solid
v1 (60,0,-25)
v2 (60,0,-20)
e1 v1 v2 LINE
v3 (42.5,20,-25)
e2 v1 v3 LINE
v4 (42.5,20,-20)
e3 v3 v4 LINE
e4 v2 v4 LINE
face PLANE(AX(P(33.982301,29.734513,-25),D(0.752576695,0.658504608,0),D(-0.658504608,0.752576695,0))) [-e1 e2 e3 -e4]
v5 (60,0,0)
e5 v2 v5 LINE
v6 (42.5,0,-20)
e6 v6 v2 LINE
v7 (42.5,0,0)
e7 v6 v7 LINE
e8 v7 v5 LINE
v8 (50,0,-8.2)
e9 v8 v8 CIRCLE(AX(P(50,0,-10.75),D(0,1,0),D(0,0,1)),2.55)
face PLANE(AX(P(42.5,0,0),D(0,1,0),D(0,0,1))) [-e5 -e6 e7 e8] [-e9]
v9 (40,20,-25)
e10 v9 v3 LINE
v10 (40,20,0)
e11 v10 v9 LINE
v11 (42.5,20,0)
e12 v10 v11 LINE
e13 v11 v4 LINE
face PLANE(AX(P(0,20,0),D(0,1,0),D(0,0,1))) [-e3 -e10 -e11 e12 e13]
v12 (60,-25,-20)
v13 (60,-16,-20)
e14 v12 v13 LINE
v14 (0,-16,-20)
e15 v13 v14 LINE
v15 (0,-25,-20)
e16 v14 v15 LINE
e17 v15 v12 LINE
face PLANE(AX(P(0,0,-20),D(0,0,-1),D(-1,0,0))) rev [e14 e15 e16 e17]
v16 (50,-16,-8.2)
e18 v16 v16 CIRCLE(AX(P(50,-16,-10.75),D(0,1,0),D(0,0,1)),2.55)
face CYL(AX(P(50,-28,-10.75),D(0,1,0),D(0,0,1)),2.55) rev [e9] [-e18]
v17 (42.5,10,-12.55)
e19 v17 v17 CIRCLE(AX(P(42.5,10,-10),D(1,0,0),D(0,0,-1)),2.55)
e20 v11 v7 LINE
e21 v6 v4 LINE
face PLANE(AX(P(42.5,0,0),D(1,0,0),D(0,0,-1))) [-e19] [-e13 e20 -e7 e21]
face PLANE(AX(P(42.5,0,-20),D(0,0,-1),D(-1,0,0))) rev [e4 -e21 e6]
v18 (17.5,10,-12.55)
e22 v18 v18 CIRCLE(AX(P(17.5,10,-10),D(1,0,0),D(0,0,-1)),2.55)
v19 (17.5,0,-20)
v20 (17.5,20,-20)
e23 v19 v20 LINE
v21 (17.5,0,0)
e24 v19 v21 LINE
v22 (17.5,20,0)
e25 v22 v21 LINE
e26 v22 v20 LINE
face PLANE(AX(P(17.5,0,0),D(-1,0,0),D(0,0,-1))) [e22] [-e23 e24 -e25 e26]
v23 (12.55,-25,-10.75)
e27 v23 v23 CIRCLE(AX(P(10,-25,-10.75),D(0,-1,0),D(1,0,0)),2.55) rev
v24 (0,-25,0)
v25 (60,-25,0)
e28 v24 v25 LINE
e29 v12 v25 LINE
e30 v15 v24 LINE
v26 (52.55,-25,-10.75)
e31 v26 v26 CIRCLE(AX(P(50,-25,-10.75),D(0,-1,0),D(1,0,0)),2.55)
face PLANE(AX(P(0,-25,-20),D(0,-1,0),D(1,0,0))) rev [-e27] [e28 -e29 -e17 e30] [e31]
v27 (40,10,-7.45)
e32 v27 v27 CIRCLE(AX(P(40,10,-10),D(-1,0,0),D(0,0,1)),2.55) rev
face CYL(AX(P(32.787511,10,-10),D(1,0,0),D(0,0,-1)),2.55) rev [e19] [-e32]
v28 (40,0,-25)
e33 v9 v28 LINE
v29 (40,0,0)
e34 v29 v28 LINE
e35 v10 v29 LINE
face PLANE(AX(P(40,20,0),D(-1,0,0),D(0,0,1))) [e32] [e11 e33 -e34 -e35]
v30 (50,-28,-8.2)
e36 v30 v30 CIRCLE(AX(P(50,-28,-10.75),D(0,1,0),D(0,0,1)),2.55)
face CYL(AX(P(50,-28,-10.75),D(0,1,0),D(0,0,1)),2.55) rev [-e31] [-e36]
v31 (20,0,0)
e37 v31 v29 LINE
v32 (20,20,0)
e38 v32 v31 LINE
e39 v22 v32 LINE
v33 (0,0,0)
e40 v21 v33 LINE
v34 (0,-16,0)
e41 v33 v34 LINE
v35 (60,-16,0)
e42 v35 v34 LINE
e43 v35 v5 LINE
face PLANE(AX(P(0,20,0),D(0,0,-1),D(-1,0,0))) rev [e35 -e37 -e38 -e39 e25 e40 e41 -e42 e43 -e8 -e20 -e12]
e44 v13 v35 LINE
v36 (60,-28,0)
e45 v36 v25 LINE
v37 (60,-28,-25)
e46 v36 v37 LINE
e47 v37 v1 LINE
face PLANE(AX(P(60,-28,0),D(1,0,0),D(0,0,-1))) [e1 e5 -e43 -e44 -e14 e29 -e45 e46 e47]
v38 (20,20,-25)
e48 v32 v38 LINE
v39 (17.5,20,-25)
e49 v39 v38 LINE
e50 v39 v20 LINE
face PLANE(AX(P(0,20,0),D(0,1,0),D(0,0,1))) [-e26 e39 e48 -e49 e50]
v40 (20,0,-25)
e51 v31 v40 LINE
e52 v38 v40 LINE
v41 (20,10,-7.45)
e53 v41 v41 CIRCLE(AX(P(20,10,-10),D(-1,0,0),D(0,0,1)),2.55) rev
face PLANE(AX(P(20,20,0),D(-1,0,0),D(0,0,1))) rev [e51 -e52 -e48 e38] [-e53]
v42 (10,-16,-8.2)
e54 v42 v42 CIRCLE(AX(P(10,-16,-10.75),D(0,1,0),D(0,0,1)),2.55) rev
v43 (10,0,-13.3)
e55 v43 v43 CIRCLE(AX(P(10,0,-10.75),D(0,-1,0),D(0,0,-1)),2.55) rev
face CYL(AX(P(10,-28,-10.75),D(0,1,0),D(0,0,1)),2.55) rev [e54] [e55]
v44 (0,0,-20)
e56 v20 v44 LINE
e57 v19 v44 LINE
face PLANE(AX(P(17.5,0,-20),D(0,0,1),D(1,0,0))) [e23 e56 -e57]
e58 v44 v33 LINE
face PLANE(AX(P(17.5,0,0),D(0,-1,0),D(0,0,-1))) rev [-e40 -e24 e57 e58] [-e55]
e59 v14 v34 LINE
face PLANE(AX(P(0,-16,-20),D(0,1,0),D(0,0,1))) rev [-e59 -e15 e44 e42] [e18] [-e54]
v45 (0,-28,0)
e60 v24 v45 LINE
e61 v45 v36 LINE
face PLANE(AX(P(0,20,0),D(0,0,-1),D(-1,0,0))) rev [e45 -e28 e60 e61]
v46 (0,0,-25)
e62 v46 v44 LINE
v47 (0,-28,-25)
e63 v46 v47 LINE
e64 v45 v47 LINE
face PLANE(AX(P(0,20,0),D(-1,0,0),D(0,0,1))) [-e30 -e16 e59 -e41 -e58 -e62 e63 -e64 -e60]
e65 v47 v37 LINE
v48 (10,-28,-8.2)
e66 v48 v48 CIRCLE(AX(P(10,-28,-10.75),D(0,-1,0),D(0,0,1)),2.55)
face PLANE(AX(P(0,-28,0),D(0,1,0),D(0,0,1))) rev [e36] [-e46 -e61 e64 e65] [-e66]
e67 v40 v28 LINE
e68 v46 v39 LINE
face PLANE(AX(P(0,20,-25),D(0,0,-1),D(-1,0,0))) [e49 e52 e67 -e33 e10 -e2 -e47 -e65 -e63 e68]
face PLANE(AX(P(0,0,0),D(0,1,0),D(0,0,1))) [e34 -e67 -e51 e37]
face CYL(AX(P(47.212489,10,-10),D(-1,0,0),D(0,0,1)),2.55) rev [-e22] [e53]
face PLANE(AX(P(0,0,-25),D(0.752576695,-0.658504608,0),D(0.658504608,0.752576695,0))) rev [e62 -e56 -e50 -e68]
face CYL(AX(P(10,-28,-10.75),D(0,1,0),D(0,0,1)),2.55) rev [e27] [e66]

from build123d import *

# Parameters (mm, degrees)
SKETCH1_W             = 20
SKETCH1_H             = 25
BOSS_EXTRUDE1_DEPTH   = 20
BOSS_EXTRUDE1_2_DEPTH = 20
SKETCH1_3_W           = 20
SKETCH1_3_H           = 25
BOSS_EXTRUDE2_DEPTH   = 28
SKETCH2_W             = 60
SKETCH2_H             = 9
CUT_EXTRUDE1_DEPTH    = 20
CUT_EXTRUDE2_DEPTH    = 71.774289117
SKETCH4_W             = 15
SKETCH4_H             = 20
SKETCH4_W_2           = 5
CUT_EXTRUDE3_DEPTH    = 17.5
CUT_EXTRUDE5_DEPTH    = 22.5
SKETCH7_R             = 2.55
CUT_EXTRUDE6_DEPTH    = 71.774289117


with BuildPart() as part:
    # Sketch1 → Boss-Extrude1 (new body)
    with BuildSketch(Plane(origin=(0, 0, 0), x_dir=(1, 0, 0), z_dir=(0, 1, 0))):
        with Locations((10, 12.5)):
            Rectangle(SKETCH1_W, SKETCH1_H)
    extrude(amount=BOSS_EXTRUDE1_DEPTH)



with BuildPart() as body_2:
    # Sketch1 → Boss-Extrude1 2 (new body)
    with BuildSketch(Plane(origin=(0, 0, 0), x_dir=(1, 0, 0), z_dir=(0, 1, 0))):
        with Locations((50, 12.5)):
            Rectangle(SKETCH1_W, SKETCH1_H)
    extrude(amount=BOSS_EXTRUDE1_2_DEPTH)


with BuildPart() as part_1:
    add(part.part)

    add(body_2.part)  # Boss-Extrude2 merges body 2
    # Sketch1<3> → Boss-Extrude2 (add)
    with BuildSketch(Plane(origin=(0, 0, 0), x_dir=(1, 0, 0), z_dir=(0, 1, 0))):
        with Locations((30, 12.5)):
            Rectangle(SKETCH1_3_W, SKETCH1_3_H)
        with Locations((10, 12.5)):
            Rectangle(SKETCH1_3_W, SKETCH1_3_H)
        with Locations((50, 12.5)):
            Rectangle(SKETCH1_3_W, SKETCH1_3_H)
    extrude(amount=-BOSS_EXTRUDE2_DEPTH)

    # Sketch2 → Cut-Extrude1 (cut)
    with BuildSketch(Plane.XY):
        with Locations((30, -20.5)):
            Rectangle(SKETCH2_W, SKETCH2_H)
    extrude(amount=-CUT_EXTRUDE1_DEPTH, mode=Mode.SUBTRACT)

    # Sketch3 → Cut-Extrude2 (cut, through all)
    with BuildSketch(Plane.XY):
        Polygon((0, 20), (0, 0), (17.5, 20), align=None)
        Polygon((42.5, 20), (60, 0), (60, 20), align=None)
    extrude(amount=-CUT_EXTRUDE2_DEPTH, mode=Mode.SUBTRACT)

    # Sketch4 → Cut-Extrude3 (cut)
    with BuildSketch(Plane(origin=(60, 0, 0), x_dir=(0, 0, -1), z_dir=(1, 0, 0))):
        with Locations((12.5, 10)):
            Rectangle(SKETCH4_W, SKETCH4_H)
        with Locations((2.5, 10)):
            Rectangle(SKETCH4_W_2, SKETCH4_H)
    cut_extrude3 = extrude(amount=-CUT_EXTRUDE3_DEPTH, mode=Mode.SUBTRACT)

    # Sketch5 → Cut-Extrude5 (cut)
    with BuildSketch(Plane(origin=(42.5, 0, 0), x_dir=(0, 0, -1), z_dir=(1, 0, 0))):
        with BuildLine():
            ThreePointArc((12.55, 10), (11.803122292, 11.803122292), (10, 12.55))
            Line((10, 12.55), (10, 7.45))
            ThreePointArc((10, 7.45), (11.803122292, 8.196877708), (12.55, 10))
        make_face()
        with BuildLine():
            Line((10, 7.45), (10, 12.55))
            ThreePointArc((10, 12.55), (7.45, 10), (10, 7.45))
        make_face()
    cut_extrude5 = extrude(amount=-CUT_EXTRUDE5_DEPTH, mode=Mode.SUBTRACT)

    # Sketch7 → Cut-Extrude6 (cut, symmetric)
    with BuildSketch(Plane(origin=(0, 0, 0), x_dir=(1, 0, 0), z_dir=(0, 1, 0))):
        with Locations(Location((50, 10.75, 0), (0, 0, 270))):
            Circle(SKETCH7_R)
    cut_extrude6 = extrude(amount=CUT_EXTRUDE6_DEPTH, both=True, mode=Mode.SUBTRACT)

    # Mirror3: Cut-Extrude3, Cut-Extrude5, Cut-Extrude6 across plane
    add(cut_extrude3.mirror(Plane.ZY.offset(-30)), mode=Mode.SUBTRACT)
    add(cut_extrude5.mirror(Plane.ZY.offset(-30)), mode=Mode.SUBTRACT)
    add(cut_extrude6.mirror(Plane.ZY.offset(-30)), mode=Mode.SUBTRACT)


solid = part_1.part
